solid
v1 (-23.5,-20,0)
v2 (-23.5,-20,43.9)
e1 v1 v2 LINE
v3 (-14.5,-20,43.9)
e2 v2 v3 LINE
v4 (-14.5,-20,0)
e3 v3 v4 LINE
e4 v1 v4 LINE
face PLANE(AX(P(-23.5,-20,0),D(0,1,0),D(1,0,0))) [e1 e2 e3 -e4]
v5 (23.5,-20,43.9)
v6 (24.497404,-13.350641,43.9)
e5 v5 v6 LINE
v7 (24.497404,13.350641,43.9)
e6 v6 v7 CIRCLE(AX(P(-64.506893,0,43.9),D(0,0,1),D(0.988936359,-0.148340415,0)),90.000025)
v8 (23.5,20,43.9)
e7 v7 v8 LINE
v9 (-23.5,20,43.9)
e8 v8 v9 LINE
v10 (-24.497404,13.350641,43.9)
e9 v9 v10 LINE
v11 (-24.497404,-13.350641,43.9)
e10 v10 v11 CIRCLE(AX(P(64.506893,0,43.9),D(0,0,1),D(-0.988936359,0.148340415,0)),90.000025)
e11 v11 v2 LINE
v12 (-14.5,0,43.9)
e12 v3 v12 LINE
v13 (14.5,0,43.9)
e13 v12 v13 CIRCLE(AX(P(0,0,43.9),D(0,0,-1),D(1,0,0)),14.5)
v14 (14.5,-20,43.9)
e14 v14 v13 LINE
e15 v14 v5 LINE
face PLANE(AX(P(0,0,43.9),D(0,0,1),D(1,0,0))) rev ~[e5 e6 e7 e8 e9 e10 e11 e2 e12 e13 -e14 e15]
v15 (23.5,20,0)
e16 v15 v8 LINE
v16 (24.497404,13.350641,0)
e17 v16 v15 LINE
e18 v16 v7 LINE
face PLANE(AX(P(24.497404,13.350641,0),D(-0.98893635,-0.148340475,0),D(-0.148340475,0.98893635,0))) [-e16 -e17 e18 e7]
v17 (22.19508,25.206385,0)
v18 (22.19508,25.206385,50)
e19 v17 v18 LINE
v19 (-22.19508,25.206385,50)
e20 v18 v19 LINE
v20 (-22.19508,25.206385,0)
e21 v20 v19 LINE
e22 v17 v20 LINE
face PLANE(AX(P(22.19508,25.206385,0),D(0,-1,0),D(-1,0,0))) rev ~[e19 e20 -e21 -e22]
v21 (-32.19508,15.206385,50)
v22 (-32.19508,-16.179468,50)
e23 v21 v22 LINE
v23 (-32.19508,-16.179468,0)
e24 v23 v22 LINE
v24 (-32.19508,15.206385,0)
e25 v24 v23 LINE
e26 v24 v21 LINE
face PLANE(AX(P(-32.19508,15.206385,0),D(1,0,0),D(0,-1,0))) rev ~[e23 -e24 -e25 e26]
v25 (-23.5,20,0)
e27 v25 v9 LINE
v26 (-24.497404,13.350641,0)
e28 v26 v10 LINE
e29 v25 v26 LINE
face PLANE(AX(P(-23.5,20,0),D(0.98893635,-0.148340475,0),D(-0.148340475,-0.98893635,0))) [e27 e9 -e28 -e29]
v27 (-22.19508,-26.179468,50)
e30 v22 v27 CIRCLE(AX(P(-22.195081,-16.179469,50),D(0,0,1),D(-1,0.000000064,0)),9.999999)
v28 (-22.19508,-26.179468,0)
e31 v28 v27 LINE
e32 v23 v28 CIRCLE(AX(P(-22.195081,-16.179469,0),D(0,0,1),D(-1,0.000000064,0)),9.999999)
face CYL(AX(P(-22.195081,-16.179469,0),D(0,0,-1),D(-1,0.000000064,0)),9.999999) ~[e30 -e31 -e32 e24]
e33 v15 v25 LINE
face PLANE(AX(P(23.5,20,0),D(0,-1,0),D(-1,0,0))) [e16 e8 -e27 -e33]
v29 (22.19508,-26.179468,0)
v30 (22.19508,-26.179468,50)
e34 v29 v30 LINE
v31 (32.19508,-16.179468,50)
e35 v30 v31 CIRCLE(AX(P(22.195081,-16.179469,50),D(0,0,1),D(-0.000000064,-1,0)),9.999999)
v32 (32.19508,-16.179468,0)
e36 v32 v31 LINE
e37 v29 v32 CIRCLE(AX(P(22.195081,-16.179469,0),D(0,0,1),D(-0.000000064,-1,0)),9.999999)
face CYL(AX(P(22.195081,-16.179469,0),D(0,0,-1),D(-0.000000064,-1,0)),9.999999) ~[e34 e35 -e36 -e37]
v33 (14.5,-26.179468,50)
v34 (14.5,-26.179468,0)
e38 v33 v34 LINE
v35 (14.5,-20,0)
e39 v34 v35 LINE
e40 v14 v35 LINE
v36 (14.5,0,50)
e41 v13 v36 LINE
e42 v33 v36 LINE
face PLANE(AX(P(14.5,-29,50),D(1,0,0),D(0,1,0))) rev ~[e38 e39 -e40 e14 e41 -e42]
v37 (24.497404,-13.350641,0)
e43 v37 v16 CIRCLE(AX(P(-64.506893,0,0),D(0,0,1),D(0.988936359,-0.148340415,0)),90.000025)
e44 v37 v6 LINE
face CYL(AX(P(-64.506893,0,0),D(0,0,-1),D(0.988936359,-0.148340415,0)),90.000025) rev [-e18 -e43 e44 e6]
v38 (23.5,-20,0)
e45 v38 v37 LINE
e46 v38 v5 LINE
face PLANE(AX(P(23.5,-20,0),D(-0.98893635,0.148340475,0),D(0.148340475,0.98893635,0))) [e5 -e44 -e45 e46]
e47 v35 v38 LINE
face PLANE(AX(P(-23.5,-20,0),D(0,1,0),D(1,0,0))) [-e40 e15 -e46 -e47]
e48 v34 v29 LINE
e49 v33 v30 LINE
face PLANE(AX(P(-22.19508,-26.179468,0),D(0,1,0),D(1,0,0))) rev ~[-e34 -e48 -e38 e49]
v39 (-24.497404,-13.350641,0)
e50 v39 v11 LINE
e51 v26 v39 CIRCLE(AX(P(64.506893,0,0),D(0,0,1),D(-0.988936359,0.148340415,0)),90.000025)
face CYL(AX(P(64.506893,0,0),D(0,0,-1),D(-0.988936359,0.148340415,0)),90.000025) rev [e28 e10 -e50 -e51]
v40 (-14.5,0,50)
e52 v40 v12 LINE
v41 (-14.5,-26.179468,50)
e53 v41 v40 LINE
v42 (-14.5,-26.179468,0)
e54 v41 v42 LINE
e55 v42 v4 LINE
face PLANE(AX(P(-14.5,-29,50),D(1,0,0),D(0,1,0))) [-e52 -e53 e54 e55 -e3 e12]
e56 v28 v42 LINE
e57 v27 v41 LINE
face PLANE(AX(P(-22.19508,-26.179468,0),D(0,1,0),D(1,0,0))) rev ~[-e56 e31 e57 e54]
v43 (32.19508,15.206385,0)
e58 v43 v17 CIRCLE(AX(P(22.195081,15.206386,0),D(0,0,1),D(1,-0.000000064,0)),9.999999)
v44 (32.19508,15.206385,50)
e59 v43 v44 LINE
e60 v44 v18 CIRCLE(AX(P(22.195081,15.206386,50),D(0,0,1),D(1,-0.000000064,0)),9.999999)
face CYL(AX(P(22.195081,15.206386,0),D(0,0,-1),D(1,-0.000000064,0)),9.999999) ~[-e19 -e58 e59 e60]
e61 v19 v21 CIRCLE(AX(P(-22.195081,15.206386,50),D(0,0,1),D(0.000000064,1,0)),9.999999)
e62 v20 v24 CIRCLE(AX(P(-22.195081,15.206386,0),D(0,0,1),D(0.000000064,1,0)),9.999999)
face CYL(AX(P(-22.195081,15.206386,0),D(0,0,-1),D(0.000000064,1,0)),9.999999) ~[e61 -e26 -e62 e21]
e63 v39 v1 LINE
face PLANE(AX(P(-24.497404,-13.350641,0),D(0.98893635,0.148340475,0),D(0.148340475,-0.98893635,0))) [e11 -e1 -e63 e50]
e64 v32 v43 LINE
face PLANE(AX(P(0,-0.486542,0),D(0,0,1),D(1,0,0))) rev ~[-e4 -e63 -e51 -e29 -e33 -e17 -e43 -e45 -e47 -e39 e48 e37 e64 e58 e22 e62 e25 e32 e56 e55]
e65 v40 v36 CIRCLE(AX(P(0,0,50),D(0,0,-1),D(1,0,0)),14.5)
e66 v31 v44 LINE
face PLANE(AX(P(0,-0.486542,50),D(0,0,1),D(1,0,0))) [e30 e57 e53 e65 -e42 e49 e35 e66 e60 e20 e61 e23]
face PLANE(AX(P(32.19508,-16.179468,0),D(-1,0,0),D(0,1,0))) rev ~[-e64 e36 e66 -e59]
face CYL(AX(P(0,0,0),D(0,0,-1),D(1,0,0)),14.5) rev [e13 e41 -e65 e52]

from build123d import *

# Parameters (mm, degrees)
F3_DEPTH = 50
F2_R     = 14.5
F4_DEPTH = 75
F5_DEPTH = 43.9
F6_W     = 29
F6_H     = 29
F7_DEPTH = 59.8


with BuildPart() as f3:
    # F1 (on Top) → F3 (new body)
    with BuildSketch(Plane.XY):
        with BuildLine():
            ThreePointArc((32.19508, 15.206385), (29.266148, 22.277453), (22.19508, 25.206385))
            Line((22.19508, 25.206385), (-22.19508, 25.206385))
            ThreePointArc((-22.19508, 25.206385), (-29.266148, 22.277453), (-32.19508, 15.206385))
            Line((-32.19508, 15.206385), (-32.19508, -16.179468))
            ThreePointArc((-32.19508, -16.179468), (-29.266148, -23.250536), (-22.19508, -26.179468))
            Line((-22.19508, -26.179468), (22.19508, -26.179468))
            ThreePointArc((22.19508, -26.179468), (29.266148, -23.250536), (32.19508, -16.179468))
            Line((32.19508, -16.179468), (32.19508, 15.206385))
        make_face()
    extrude(amount=F3_DEPTH)

    # F2 (on Top) → F4 (cut)
    with BuildSketch(Plane.XY):
        Circle(F2_R)
    extrude(amount=F4_DEPTH, mode=Mode.SUBTRACT)

    # F0 (on Top) → F5 (cut)
    with BuildSketch(Plane.XY):
        with BuildLine():
            Line((23.5, 20), (-23.5, 20))
            Line((-23.5, 20), (-24.497404, 13.350641))
            ThreePointArc((-24.497404, 13.350641), (-25.493132, 0), (-24.497404, -13.350641))
            Line((-24.497404, -13.350641), (-23.5, -20))
            Line((-23.5, -20), (23.5, -20))
            Line((23.5, -20), (24.497404, -13.350641))
            ThreePointArc((24.497404, -13.350641), (25.493132, 0), (24.497404, 13.350641))
            Line((24.497404, 13.350641), (23.5, 20))
        make_face()
    extrude(amount=F5_DEPTH, mode=Mode.SUBTRACT)

    # F6 (on face) → F7 (cut)
    with BuildSketch(Plane.XY.offset(50)):
        with Locations((0, -14.5)):
            Rectangle(F6_W, F6_H)
    extrude(amount=-F7_DEPTH, mode=Mode.SUBTRACT)


solid = f3.part
